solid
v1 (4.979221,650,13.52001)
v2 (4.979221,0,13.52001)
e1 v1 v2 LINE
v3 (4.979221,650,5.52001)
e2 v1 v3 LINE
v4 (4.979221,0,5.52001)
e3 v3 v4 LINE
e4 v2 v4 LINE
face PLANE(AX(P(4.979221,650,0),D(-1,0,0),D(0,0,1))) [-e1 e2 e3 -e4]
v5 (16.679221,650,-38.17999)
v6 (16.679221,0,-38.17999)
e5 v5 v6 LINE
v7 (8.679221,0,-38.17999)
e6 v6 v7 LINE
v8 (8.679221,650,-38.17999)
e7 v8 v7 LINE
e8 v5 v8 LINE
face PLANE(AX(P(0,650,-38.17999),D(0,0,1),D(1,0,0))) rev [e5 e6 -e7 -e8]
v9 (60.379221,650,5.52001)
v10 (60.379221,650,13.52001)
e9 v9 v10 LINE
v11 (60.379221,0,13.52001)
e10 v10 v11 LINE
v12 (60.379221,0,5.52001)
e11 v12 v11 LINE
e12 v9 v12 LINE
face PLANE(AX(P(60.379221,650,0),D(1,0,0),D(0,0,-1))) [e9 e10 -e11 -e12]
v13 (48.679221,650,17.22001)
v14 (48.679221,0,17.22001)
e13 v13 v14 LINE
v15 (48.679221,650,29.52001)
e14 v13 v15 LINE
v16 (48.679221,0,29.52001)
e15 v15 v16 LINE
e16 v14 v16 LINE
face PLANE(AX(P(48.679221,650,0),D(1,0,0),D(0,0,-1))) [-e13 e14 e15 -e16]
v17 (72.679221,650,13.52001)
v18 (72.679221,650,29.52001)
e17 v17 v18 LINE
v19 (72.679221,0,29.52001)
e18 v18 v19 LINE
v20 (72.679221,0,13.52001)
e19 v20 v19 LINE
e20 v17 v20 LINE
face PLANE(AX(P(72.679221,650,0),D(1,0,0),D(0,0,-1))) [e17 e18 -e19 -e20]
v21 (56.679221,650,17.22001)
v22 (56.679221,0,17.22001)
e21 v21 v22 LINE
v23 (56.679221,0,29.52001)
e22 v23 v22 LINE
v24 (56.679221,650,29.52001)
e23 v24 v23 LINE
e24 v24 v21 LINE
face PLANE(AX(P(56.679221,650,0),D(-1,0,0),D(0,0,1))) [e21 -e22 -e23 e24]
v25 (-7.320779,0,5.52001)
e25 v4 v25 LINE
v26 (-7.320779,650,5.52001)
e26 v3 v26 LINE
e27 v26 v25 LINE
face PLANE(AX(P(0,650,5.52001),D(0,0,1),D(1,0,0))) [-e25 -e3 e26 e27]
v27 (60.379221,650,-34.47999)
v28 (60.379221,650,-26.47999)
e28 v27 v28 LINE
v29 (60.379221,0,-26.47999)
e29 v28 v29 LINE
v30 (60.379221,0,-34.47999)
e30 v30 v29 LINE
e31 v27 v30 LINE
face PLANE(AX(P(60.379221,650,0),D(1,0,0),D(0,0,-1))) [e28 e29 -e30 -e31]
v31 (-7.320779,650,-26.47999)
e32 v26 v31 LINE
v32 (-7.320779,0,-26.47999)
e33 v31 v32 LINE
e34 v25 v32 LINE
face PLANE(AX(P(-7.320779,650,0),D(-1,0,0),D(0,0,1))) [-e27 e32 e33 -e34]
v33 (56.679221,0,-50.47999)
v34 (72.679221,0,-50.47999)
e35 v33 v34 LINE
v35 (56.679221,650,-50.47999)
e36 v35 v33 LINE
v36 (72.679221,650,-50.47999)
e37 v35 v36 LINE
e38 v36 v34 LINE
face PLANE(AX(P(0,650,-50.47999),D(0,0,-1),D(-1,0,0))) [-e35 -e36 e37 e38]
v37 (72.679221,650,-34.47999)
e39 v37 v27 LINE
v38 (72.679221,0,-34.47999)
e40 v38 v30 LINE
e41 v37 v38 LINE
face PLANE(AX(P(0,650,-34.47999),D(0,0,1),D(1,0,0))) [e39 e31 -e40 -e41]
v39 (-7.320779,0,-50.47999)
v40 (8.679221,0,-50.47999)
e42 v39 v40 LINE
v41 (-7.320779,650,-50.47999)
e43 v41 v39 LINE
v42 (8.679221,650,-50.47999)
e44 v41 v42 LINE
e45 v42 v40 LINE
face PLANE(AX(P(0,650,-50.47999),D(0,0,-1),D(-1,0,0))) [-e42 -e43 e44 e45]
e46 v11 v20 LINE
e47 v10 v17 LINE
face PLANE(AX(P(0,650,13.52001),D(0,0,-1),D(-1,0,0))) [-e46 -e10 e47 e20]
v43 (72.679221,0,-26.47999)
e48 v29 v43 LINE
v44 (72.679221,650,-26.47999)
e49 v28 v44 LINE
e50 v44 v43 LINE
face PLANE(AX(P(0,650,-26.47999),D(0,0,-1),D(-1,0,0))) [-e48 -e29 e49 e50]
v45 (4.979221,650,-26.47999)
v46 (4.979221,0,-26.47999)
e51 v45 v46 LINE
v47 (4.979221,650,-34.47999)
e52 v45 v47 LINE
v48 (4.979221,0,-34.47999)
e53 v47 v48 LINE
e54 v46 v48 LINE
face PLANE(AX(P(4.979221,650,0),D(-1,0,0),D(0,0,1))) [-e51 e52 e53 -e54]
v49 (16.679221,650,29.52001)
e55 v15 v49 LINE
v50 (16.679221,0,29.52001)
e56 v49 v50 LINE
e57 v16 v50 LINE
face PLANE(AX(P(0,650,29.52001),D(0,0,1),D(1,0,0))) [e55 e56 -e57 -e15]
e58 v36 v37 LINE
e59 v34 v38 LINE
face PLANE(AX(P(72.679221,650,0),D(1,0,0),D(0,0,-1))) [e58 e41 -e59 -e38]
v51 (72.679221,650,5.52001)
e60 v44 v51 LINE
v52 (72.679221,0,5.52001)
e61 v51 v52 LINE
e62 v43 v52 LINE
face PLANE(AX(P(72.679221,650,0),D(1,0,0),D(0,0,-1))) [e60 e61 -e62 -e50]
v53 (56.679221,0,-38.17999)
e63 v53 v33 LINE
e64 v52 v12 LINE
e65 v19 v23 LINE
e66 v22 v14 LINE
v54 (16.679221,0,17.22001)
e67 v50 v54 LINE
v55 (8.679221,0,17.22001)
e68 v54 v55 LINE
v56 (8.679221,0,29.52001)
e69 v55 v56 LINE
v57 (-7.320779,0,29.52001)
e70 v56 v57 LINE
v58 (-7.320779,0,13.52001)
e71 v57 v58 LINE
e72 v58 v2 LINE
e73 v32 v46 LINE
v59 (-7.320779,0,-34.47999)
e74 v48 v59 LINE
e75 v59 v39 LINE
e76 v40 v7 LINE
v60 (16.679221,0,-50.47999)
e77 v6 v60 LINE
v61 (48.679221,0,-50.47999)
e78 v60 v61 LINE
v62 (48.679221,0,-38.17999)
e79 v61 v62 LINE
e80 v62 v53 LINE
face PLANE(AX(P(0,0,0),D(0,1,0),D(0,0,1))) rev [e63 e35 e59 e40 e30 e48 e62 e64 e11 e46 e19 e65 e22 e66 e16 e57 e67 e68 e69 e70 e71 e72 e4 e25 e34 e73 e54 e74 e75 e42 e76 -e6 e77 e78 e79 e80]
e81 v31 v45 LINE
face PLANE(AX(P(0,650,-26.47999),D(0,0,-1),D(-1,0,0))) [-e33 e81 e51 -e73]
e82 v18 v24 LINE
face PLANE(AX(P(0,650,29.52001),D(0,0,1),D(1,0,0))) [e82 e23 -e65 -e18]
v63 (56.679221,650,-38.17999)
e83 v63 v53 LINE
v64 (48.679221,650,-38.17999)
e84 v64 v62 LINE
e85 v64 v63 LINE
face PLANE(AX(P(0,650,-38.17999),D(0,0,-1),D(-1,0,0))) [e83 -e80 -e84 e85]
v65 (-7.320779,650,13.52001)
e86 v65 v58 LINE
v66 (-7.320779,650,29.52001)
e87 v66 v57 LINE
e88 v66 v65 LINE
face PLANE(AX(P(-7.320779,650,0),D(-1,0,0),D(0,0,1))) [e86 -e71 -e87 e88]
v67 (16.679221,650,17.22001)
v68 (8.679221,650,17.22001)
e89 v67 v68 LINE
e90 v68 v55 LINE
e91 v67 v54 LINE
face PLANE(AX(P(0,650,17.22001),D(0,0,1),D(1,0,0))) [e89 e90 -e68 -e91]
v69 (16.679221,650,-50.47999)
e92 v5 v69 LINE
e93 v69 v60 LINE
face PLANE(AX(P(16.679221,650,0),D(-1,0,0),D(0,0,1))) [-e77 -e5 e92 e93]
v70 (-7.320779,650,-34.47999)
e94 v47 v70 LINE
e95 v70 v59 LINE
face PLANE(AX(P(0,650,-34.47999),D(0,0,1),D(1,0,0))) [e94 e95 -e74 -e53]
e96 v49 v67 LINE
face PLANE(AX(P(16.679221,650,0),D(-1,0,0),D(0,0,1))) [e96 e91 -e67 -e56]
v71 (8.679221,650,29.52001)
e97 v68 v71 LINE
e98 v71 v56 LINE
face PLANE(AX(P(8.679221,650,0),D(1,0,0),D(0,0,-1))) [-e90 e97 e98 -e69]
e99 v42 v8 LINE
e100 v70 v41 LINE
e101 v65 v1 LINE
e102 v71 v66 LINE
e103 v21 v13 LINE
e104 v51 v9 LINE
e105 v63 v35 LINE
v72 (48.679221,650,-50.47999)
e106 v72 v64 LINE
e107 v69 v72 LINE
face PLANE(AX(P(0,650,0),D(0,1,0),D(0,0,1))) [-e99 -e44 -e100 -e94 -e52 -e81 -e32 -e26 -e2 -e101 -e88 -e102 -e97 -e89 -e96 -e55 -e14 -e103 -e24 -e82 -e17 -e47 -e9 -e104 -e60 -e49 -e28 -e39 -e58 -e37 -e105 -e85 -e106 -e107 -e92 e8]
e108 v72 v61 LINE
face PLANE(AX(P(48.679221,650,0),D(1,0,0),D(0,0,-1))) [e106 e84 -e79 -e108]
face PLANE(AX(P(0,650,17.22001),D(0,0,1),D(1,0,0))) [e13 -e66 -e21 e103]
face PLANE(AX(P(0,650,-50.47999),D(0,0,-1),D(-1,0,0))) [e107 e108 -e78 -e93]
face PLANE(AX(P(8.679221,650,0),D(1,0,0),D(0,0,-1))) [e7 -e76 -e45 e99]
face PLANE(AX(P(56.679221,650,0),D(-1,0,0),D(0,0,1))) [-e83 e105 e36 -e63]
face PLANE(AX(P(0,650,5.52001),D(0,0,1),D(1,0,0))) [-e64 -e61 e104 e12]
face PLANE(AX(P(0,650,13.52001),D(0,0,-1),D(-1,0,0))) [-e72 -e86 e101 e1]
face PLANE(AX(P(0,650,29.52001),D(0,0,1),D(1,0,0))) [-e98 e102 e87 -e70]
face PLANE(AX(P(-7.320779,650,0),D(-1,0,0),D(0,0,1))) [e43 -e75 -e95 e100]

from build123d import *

# Parameters (mm, degrees)
BOSS_EXTRUDE1_DEPTH = 650


with BuildPart() as part:
    # Sketch1 → Boss-Extrude1 (new body)
    with BuildSketch(Plane(origin=(0, 0, 0), x_dir=(1, 0, 0), z_dir=(0, 1, 0))):
        Polygon((-7.320779393, 34.479989845), (-7.320779393, 50.479989845), (8.679220607, 50.479989845), (8.679220607, 38.179989845), (16.679220607, 38.179989845), (16.679220607, 50.479989845), (48.679220607, 50.479989845), (48.679220607, 38.179989845), (56.679220607, 38.179989845), (56.679220607, 50.479989845), (72.679220607, 50.479989845), (72.679220607, 34.479989845), (60.379220607, 34.479989845), (60.379220607, 26.479989845), (72.679220607, 26.479989845), (72.679220607, -5.520010155), (60.379220607, -5.520010155), (60.379220607, -13.520010155), (72.679220607, -13.520010155), (72.679220607, -29.520010155), (56.679220607, -29.520010155), (56.679220607, -17.220010155), (48.679220607, -17.220010155), (48.679220607, -29.520010155), (16.679220607, -29.520010155), (16.679220607, -17.220010155), (8.679220607, -17.220010155), (8.679220607, -29.520010155), (-7.320779393, -29.520010155), (-7.320779393, -13.520010155), (4.979220607, -13.520010155), (4.979220607, -5.520010155), (-7.320779393, -5.520010155), (-7.320779393, 26.479989845), (4.979220607, 26.479989845), (4.979220607, 34.479989845), align=None)
    extrude(amount=BOSS_EXTRUDE1_DEPTH)


solid = part.part
